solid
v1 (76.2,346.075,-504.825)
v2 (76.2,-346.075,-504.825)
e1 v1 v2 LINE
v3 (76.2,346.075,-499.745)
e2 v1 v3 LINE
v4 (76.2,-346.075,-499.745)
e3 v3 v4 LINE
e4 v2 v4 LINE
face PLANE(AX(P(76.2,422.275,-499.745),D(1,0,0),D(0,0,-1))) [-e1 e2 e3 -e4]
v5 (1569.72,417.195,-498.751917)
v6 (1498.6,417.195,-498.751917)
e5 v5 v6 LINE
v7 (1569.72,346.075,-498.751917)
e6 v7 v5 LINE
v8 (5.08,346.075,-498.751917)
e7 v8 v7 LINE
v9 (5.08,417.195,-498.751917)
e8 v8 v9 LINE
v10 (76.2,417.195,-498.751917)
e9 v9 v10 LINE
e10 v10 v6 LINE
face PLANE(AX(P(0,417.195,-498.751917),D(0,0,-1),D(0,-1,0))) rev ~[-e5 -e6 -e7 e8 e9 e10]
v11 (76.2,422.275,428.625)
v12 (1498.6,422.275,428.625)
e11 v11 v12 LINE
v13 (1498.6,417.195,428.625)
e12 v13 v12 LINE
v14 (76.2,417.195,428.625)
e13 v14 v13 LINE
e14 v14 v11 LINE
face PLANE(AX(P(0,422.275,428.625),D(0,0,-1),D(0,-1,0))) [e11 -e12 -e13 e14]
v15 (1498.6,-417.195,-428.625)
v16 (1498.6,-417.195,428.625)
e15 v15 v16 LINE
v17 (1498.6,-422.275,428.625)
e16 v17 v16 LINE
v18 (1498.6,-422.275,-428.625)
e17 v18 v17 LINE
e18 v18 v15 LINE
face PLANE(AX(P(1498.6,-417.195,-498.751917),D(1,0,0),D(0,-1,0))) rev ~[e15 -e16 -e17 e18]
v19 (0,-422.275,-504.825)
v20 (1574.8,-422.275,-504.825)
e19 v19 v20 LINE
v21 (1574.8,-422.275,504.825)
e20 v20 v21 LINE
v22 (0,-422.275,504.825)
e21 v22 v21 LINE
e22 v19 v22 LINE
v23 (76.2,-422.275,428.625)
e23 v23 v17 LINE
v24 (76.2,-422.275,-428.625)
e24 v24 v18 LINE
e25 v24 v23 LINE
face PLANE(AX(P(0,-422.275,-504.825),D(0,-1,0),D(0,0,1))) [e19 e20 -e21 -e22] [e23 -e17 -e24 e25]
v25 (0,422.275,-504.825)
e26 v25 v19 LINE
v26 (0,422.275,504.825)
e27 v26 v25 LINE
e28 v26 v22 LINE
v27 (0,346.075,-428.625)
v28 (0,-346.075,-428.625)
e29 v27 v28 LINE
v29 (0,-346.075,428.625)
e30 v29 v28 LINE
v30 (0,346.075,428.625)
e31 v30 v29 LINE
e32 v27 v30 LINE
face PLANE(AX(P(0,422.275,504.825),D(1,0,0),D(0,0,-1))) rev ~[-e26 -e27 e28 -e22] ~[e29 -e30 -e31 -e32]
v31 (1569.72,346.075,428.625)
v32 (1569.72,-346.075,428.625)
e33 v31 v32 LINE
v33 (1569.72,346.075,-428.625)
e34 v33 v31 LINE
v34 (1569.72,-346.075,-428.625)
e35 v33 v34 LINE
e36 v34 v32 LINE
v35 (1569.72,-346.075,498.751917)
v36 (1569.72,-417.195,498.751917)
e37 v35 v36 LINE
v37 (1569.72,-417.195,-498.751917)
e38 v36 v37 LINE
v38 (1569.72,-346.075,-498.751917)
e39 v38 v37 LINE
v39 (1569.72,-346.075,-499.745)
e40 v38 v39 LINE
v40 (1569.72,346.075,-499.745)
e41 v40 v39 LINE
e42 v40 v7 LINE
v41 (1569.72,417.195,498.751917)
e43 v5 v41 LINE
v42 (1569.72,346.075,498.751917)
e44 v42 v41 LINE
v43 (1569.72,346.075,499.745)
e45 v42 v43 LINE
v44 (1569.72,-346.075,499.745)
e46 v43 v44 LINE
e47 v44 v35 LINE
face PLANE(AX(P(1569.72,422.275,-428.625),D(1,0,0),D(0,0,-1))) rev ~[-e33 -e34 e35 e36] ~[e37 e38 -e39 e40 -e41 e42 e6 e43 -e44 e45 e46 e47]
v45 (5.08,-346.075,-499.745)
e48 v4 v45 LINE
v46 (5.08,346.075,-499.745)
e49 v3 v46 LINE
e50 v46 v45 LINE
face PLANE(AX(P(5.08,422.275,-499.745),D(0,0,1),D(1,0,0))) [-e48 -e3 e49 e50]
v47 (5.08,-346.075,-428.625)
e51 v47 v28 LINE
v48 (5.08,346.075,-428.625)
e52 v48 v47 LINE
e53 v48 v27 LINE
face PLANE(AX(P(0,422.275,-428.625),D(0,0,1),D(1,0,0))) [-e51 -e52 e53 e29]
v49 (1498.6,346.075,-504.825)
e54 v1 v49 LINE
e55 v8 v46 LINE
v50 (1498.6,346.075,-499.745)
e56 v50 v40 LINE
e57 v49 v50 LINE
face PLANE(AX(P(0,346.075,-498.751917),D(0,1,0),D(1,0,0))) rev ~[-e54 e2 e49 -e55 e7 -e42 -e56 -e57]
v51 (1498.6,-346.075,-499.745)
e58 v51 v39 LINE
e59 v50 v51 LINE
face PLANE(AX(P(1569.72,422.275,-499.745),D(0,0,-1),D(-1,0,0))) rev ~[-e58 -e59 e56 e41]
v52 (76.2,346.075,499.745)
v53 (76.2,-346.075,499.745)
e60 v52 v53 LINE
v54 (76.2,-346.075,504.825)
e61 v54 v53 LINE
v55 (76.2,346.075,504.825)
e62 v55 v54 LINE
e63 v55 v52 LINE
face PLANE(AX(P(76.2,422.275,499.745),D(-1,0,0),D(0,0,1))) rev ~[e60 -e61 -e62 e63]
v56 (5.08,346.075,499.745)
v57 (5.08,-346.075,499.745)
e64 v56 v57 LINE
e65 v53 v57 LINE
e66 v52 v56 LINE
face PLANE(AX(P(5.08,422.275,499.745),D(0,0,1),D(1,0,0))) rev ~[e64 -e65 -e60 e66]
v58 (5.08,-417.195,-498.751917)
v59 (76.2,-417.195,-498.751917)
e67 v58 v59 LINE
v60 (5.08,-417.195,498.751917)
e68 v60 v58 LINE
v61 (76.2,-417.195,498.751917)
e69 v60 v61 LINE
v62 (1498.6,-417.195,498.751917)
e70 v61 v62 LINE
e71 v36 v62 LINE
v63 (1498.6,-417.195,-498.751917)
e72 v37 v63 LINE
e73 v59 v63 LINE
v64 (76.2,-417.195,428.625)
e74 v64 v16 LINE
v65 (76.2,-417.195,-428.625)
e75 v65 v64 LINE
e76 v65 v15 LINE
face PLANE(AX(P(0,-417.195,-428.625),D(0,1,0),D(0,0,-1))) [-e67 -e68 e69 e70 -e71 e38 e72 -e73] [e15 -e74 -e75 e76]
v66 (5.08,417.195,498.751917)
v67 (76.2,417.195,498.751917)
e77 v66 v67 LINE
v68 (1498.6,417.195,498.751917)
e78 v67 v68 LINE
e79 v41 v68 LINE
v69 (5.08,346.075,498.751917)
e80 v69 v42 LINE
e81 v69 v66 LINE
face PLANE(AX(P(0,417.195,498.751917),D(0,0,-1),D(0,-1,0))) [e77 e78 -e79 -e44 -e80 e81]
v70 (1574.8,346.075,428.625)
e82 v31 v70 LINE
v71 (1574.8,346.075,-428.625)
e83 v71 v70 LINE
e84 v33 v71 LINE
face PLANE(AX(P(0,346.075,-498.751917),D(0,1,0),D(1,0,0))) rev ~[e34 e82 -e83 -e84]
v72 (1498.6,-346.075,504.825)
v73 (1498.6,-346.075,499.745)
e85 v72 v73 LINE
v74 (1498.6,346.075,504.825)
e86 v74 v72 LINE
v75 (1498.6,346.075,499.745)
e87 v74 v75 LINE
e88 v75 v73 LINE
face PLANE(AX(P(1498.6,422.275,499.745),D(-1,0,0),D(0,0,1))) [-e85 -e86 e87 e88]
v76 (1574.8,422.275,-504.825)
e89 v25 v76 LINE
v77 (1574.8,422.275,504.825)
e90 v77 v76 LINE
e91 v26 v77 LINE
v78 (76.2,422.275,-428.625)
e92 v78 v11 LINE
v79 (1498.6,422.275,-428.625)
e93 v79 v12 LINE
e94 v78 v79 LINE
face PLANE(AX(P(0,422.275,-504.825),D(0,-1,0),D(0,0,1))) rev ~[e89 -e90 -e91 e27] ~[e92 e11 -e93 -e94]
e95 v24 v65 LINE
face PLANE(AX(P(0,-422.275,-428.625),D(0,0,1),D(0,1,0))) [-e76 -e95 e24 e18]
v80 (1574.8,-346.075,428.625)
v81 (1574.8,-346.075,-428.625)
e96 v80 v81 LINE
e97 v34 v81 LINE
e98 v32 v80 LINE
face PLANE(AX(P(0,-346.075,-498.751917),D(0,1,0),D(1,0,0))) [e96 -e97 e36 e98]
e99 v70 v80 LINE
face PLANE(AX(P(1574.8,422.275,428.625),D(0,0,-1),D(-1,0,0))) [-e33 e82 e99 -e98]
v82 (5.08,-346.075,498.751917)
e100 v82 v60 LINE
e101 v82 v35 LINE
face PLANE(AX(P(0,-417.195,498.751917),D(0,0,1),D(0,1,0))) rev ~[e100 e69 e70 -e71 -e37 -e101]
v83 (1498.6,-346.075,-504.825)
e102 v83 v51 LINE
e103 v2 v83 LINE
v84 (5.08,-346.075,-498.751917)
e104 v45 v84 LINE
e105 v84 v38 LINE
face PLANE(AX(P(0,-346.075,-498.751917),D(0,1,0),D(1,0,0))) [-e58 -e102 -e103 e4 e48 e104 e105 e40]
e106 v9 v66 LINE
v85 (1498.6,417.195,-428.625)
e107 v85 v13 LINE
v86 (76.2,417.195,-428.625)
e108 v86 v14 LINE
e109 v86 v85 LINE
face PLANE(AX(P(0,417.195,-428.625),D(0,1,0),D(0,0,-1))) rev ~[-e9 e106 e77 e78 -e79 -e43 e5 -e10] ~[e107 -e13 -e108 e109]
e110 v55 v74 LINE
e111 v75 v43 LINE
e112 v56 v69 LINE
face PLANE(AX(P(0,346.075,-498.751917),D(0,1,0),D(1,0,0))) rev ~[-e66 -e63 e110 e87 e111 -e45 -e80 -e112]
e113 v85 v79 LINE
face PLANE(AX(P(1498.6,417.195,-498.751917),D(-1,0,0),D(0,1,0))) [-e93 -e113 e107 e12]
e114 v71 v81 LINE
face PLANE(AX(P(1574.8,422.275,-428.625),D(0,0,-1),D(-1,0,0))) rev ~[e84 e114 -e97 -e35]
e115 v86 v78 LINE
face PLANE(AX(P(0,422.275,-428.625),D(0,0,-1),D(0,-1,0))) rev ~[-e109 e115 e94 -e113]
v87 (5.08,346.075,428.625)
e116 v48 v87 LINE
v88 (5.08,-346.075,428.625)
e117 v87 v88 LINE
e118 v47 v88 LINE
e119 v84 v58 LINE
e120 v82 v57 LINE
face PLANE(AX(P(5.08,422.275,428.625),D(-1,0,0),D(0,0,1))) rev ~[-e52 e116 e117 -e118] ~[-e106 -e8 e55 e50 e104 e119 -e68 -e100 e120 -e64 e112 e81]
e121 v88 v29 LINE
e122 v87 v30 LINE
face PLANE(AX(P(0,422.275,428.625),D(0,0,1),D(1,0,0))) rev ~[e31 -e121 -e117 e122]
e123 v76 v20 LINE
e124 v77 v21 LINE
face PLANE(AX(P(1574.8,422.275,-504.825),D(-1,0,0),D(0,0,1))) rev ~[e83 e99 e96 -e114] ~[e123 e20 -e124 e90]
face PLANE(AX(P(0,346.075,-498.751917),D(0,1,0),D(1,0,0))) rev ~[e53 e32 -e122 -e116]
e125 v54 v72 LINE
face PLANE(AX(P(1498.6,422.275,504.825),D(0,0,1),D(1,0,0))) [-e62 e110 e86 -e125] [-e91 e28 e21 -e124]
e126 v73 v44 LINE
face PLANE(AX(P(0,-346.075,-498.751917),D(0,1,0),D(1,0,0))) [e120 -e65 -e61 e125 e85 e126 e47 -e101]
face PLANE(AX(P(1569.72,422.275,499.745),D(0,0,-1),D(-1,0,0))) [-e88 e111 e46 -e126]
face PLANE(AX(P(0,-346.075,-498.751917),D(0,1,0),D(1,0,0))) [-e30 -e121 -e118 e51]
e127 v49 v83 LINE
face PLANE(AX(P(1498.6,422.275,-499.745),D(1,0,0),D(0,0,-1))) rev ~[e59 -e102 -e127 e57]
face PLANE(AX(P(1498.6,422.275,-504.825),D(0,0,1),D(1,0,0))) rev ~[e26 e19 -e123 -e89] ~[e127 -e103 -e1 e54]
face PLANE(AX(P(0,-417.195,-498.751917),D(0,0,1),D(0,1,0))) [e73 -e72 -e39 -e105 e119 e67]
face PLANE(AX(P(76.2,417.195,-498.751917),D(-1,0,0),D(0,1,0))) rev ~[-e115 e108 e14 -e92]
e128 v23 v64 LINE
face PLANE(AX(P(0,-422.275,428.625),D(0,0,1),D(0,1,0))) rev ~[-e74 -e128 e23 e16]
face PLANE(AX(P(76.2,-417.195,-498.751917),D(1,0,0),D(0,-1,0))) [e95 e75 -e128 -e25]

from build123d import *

# Parameters (mm, degrees)
BOSS_EXTRUDE1_DEPTH   = 1574.8
BOSS_EXTRUDE1_2_DEPTH = 1574.8
BOSS_EXTRUDE1_3_DEPTH = 1574.8
BOSS_EXTRUDE1_4_DEPTH = 1574.8
BOSS_EXTRUDE2_START   = -498.751917
BOSS_EXTRUDE2_DEPTH   = 997.503834
BOSS_EXTRUDE3_REACH   = 846.55


with BuildPart() as part:
    # Sketch2 → Boss-Extrude1 (new body)
    with BuildSketch(Plane(origin=(0, 0, 0), x_dir=(0, 0, -1), z_dir=(1, 0, 0))):
        Polygon((-504.825, -346.075), (-504.825, -422.275), (-428.625, -422.275), (-428.625, -417.195), (-498.751917293, -417.195), (-498.751917293, -346.075), align=None)
    extrude(amount=BOSS_EXTRUDE1_DEPTH)



with BuildPart() as body_2:
    # Sketch2 → Boss-Extrude1 2 (new body)
    with BuildSketch(Plane(origin=(0, 0, 0), x_dir=(0, 0, -1), z_dir=(1, 0, 0))):
        Polygon((498.751917293, -417.195), (498.751917293, -346.075), (504.825, -346.075), (504.825, -422.275), (428.625, -422.275), (428.625, -417.195), align=None)
    extrude(amount=BOSS_EXTRUDE1_2_DEPTH)


with BuildPart() as body_3:
    # Sketch2 → Boss-Extrude1 3 (new body)
    with BuildSketch(Plane(origin=(0, 0, 0), x_dir=(0, 0, -1), z_dir=(1, 0, 0))):
        Polygon((428.625, 417.195), (498.751917293, 417.195), (498.751917293, 346.075), (504.825, 346.075), (504.825, 422.275), (428.625, 422.275), align=None)
    extrude(amount=BOSS_EXTRUDE1_3_DEPTH)


with BuildPart() as body_4:
    # Sketch2 → Boss-Extrude1 4 (new body)
    with BuildSketch(Plane(origin=(0, 0, 0), x_dir=(0, 0, -1), z_dir=(1, 0, 0))):
        Polygon((-498.751917293, 417.195), (-498.751917293, 346.075), (-504.825, 346.075), (-504.825, 422.275), (-428.625, 422.275), (-428.625, 417.195), align=None)
    extrude(amount=BOSS_EXTRUDE1_4_DEPTH)


with BuildPart() as part_1:
    add(part.part)

    add(body_2.part)  # Boss-Extrude2 merges body 2

    add(body_3.part)  # Boss-Extrude2 merges body 3

    add(body_4.part)  # Boss-Extrude2 merges body 4
    # Sketch3 → Boss-Extrude2 (add)
    with BuildSketch(Plane.XY.offset(BOSS_EXTRUDE2_START)):
        Polygon((0, -422.275), (0, -346.075), (5.08, -346.075), (5.08, -417.195), (76.2, -417.195), (76.2, -422.275), align=None)
        Polygon((76.2, 422.275), (0, 422.275), (0, 346.075), (5.08, 346.075), (5.08, 417.195), (76.2, 417.195), align=None)
        Polygon((1574.8, 422.275), (1574.8, 346.075), (1569.72, 346.075), (1569.72, 417.195), (1498.6, 417.195), (1498.6, 422.275), align=None)
        Polygon((1498.6, -422.275), (1574.8, -422.275), (1574.8, -346.075), (1569.72, -346.075), (1569.72, -417.195), (1498.6, -417.195), align=None)
    extrude(amount=BOSS_EXTRUDE2_DEPTH)

    # Sketch4 → Boss-Extrude3 (add, up to next)
    with BuildSketch(Plane(origin=(0, 422.275, 0), x_dir=(1, 0, 0), z_dir=(0, 1, 0)), mode=Mode.PRIVATE) as boss_extrude3_sk1:
        Polygon((0, 504.825), (0, 428.625), (5.08, 428.625), (5.08, 499.745), (76.2, 499.745), (76.2, 504.825), align=None)
    boss_extrude3_tool1 = extrude(boss_extrude3_sk1.sketch, amount=-BOSS_EXTRUDE3_REACH, mode=Mode.PRIVATE) - part_1.part
    add(boss_extrude3_tool1.solids().sort_by_distance((1.077631, 422.275, -466.725))[0])
    # Sketch4 → Boss-Extrude3 (add, up to next)
    with BuildSketch(Plane(origin=(0, 422.275, 0), x_dir=(1, 0, 0), z_dir=(0, 1, 0)), mode=Mode.PRIVATE) as boss_extrude3_sk2:
        Polygon((76.2, -504.825), (0, -504.825), (0, -428.625), (5.08, -428.625), (5.08, -499.745), (76.2, -499.745), align=None)
    boss_extrude3_tool2 = extrude(boss_extrude3_sk2.sketch, amount=-BOSS_EXTRUDE3_REACH, mode=Mode.PRIVATE) - part_1.part
    add(boss_extrude3_tool2.solids().sort_by_distance((38.1, 422.275, 503.747369))[0])
    # Sketch4 → Boss-Extrude3 (add, up to next)
    with BuildSketch(Plane(origin=(0, 422.275, 0), x_dir=(1, 0, 0), z_dir=(0, 1, 0)), mode=Mode.PRIVATE) as boss_extrude3_sk3:
        Polygon((1574.8, -504.825), (1574.8, -428.625), (1569.72, -428.625), (1569.72, -499.745), (1498.6, -499.745), (1498.6, -504.825), align=None)
    boss_extrude3_tool3 = extrude(boss_extrude3_sk3.sketch, amount=-BOSS_EXTRUDE3_REACH, mode=Mode.PRIVATE) - part_1.part
    add(boss_extrude3_tool3.solids().sort_by_distance((1573.722369, 422.275, 466.725))[0])
    # Sketch4 → Boss-Extrude3 (add, up to next)
    with BuildSketch(Plane(origin=(0, 422.275, 0), x_dir=(1, 0, 0), z_dir=(0, 1, 0)), mode=Mode.PRIVATE) as boss_extrude3_sk4:
        Polygon((1498.6, 504.825), (1574.8, 504.825), (1574.8, 428.625), (1569.72, 428.625), (1569.72, 499.745), (1498.6, 499.745), align=None)
    boss_extrude3_tool4 = extrude(boss_extrude3_sk4.sketch, amount=-BOSS_EXTRUDE3_REACH, mode=Mode.PRIVATE) - part_1.part
    add(boss_extrude3_tool4.solids().sort_by_distance((1536.7, 422.275, -503.747369))[0])


solid = part_1.part
